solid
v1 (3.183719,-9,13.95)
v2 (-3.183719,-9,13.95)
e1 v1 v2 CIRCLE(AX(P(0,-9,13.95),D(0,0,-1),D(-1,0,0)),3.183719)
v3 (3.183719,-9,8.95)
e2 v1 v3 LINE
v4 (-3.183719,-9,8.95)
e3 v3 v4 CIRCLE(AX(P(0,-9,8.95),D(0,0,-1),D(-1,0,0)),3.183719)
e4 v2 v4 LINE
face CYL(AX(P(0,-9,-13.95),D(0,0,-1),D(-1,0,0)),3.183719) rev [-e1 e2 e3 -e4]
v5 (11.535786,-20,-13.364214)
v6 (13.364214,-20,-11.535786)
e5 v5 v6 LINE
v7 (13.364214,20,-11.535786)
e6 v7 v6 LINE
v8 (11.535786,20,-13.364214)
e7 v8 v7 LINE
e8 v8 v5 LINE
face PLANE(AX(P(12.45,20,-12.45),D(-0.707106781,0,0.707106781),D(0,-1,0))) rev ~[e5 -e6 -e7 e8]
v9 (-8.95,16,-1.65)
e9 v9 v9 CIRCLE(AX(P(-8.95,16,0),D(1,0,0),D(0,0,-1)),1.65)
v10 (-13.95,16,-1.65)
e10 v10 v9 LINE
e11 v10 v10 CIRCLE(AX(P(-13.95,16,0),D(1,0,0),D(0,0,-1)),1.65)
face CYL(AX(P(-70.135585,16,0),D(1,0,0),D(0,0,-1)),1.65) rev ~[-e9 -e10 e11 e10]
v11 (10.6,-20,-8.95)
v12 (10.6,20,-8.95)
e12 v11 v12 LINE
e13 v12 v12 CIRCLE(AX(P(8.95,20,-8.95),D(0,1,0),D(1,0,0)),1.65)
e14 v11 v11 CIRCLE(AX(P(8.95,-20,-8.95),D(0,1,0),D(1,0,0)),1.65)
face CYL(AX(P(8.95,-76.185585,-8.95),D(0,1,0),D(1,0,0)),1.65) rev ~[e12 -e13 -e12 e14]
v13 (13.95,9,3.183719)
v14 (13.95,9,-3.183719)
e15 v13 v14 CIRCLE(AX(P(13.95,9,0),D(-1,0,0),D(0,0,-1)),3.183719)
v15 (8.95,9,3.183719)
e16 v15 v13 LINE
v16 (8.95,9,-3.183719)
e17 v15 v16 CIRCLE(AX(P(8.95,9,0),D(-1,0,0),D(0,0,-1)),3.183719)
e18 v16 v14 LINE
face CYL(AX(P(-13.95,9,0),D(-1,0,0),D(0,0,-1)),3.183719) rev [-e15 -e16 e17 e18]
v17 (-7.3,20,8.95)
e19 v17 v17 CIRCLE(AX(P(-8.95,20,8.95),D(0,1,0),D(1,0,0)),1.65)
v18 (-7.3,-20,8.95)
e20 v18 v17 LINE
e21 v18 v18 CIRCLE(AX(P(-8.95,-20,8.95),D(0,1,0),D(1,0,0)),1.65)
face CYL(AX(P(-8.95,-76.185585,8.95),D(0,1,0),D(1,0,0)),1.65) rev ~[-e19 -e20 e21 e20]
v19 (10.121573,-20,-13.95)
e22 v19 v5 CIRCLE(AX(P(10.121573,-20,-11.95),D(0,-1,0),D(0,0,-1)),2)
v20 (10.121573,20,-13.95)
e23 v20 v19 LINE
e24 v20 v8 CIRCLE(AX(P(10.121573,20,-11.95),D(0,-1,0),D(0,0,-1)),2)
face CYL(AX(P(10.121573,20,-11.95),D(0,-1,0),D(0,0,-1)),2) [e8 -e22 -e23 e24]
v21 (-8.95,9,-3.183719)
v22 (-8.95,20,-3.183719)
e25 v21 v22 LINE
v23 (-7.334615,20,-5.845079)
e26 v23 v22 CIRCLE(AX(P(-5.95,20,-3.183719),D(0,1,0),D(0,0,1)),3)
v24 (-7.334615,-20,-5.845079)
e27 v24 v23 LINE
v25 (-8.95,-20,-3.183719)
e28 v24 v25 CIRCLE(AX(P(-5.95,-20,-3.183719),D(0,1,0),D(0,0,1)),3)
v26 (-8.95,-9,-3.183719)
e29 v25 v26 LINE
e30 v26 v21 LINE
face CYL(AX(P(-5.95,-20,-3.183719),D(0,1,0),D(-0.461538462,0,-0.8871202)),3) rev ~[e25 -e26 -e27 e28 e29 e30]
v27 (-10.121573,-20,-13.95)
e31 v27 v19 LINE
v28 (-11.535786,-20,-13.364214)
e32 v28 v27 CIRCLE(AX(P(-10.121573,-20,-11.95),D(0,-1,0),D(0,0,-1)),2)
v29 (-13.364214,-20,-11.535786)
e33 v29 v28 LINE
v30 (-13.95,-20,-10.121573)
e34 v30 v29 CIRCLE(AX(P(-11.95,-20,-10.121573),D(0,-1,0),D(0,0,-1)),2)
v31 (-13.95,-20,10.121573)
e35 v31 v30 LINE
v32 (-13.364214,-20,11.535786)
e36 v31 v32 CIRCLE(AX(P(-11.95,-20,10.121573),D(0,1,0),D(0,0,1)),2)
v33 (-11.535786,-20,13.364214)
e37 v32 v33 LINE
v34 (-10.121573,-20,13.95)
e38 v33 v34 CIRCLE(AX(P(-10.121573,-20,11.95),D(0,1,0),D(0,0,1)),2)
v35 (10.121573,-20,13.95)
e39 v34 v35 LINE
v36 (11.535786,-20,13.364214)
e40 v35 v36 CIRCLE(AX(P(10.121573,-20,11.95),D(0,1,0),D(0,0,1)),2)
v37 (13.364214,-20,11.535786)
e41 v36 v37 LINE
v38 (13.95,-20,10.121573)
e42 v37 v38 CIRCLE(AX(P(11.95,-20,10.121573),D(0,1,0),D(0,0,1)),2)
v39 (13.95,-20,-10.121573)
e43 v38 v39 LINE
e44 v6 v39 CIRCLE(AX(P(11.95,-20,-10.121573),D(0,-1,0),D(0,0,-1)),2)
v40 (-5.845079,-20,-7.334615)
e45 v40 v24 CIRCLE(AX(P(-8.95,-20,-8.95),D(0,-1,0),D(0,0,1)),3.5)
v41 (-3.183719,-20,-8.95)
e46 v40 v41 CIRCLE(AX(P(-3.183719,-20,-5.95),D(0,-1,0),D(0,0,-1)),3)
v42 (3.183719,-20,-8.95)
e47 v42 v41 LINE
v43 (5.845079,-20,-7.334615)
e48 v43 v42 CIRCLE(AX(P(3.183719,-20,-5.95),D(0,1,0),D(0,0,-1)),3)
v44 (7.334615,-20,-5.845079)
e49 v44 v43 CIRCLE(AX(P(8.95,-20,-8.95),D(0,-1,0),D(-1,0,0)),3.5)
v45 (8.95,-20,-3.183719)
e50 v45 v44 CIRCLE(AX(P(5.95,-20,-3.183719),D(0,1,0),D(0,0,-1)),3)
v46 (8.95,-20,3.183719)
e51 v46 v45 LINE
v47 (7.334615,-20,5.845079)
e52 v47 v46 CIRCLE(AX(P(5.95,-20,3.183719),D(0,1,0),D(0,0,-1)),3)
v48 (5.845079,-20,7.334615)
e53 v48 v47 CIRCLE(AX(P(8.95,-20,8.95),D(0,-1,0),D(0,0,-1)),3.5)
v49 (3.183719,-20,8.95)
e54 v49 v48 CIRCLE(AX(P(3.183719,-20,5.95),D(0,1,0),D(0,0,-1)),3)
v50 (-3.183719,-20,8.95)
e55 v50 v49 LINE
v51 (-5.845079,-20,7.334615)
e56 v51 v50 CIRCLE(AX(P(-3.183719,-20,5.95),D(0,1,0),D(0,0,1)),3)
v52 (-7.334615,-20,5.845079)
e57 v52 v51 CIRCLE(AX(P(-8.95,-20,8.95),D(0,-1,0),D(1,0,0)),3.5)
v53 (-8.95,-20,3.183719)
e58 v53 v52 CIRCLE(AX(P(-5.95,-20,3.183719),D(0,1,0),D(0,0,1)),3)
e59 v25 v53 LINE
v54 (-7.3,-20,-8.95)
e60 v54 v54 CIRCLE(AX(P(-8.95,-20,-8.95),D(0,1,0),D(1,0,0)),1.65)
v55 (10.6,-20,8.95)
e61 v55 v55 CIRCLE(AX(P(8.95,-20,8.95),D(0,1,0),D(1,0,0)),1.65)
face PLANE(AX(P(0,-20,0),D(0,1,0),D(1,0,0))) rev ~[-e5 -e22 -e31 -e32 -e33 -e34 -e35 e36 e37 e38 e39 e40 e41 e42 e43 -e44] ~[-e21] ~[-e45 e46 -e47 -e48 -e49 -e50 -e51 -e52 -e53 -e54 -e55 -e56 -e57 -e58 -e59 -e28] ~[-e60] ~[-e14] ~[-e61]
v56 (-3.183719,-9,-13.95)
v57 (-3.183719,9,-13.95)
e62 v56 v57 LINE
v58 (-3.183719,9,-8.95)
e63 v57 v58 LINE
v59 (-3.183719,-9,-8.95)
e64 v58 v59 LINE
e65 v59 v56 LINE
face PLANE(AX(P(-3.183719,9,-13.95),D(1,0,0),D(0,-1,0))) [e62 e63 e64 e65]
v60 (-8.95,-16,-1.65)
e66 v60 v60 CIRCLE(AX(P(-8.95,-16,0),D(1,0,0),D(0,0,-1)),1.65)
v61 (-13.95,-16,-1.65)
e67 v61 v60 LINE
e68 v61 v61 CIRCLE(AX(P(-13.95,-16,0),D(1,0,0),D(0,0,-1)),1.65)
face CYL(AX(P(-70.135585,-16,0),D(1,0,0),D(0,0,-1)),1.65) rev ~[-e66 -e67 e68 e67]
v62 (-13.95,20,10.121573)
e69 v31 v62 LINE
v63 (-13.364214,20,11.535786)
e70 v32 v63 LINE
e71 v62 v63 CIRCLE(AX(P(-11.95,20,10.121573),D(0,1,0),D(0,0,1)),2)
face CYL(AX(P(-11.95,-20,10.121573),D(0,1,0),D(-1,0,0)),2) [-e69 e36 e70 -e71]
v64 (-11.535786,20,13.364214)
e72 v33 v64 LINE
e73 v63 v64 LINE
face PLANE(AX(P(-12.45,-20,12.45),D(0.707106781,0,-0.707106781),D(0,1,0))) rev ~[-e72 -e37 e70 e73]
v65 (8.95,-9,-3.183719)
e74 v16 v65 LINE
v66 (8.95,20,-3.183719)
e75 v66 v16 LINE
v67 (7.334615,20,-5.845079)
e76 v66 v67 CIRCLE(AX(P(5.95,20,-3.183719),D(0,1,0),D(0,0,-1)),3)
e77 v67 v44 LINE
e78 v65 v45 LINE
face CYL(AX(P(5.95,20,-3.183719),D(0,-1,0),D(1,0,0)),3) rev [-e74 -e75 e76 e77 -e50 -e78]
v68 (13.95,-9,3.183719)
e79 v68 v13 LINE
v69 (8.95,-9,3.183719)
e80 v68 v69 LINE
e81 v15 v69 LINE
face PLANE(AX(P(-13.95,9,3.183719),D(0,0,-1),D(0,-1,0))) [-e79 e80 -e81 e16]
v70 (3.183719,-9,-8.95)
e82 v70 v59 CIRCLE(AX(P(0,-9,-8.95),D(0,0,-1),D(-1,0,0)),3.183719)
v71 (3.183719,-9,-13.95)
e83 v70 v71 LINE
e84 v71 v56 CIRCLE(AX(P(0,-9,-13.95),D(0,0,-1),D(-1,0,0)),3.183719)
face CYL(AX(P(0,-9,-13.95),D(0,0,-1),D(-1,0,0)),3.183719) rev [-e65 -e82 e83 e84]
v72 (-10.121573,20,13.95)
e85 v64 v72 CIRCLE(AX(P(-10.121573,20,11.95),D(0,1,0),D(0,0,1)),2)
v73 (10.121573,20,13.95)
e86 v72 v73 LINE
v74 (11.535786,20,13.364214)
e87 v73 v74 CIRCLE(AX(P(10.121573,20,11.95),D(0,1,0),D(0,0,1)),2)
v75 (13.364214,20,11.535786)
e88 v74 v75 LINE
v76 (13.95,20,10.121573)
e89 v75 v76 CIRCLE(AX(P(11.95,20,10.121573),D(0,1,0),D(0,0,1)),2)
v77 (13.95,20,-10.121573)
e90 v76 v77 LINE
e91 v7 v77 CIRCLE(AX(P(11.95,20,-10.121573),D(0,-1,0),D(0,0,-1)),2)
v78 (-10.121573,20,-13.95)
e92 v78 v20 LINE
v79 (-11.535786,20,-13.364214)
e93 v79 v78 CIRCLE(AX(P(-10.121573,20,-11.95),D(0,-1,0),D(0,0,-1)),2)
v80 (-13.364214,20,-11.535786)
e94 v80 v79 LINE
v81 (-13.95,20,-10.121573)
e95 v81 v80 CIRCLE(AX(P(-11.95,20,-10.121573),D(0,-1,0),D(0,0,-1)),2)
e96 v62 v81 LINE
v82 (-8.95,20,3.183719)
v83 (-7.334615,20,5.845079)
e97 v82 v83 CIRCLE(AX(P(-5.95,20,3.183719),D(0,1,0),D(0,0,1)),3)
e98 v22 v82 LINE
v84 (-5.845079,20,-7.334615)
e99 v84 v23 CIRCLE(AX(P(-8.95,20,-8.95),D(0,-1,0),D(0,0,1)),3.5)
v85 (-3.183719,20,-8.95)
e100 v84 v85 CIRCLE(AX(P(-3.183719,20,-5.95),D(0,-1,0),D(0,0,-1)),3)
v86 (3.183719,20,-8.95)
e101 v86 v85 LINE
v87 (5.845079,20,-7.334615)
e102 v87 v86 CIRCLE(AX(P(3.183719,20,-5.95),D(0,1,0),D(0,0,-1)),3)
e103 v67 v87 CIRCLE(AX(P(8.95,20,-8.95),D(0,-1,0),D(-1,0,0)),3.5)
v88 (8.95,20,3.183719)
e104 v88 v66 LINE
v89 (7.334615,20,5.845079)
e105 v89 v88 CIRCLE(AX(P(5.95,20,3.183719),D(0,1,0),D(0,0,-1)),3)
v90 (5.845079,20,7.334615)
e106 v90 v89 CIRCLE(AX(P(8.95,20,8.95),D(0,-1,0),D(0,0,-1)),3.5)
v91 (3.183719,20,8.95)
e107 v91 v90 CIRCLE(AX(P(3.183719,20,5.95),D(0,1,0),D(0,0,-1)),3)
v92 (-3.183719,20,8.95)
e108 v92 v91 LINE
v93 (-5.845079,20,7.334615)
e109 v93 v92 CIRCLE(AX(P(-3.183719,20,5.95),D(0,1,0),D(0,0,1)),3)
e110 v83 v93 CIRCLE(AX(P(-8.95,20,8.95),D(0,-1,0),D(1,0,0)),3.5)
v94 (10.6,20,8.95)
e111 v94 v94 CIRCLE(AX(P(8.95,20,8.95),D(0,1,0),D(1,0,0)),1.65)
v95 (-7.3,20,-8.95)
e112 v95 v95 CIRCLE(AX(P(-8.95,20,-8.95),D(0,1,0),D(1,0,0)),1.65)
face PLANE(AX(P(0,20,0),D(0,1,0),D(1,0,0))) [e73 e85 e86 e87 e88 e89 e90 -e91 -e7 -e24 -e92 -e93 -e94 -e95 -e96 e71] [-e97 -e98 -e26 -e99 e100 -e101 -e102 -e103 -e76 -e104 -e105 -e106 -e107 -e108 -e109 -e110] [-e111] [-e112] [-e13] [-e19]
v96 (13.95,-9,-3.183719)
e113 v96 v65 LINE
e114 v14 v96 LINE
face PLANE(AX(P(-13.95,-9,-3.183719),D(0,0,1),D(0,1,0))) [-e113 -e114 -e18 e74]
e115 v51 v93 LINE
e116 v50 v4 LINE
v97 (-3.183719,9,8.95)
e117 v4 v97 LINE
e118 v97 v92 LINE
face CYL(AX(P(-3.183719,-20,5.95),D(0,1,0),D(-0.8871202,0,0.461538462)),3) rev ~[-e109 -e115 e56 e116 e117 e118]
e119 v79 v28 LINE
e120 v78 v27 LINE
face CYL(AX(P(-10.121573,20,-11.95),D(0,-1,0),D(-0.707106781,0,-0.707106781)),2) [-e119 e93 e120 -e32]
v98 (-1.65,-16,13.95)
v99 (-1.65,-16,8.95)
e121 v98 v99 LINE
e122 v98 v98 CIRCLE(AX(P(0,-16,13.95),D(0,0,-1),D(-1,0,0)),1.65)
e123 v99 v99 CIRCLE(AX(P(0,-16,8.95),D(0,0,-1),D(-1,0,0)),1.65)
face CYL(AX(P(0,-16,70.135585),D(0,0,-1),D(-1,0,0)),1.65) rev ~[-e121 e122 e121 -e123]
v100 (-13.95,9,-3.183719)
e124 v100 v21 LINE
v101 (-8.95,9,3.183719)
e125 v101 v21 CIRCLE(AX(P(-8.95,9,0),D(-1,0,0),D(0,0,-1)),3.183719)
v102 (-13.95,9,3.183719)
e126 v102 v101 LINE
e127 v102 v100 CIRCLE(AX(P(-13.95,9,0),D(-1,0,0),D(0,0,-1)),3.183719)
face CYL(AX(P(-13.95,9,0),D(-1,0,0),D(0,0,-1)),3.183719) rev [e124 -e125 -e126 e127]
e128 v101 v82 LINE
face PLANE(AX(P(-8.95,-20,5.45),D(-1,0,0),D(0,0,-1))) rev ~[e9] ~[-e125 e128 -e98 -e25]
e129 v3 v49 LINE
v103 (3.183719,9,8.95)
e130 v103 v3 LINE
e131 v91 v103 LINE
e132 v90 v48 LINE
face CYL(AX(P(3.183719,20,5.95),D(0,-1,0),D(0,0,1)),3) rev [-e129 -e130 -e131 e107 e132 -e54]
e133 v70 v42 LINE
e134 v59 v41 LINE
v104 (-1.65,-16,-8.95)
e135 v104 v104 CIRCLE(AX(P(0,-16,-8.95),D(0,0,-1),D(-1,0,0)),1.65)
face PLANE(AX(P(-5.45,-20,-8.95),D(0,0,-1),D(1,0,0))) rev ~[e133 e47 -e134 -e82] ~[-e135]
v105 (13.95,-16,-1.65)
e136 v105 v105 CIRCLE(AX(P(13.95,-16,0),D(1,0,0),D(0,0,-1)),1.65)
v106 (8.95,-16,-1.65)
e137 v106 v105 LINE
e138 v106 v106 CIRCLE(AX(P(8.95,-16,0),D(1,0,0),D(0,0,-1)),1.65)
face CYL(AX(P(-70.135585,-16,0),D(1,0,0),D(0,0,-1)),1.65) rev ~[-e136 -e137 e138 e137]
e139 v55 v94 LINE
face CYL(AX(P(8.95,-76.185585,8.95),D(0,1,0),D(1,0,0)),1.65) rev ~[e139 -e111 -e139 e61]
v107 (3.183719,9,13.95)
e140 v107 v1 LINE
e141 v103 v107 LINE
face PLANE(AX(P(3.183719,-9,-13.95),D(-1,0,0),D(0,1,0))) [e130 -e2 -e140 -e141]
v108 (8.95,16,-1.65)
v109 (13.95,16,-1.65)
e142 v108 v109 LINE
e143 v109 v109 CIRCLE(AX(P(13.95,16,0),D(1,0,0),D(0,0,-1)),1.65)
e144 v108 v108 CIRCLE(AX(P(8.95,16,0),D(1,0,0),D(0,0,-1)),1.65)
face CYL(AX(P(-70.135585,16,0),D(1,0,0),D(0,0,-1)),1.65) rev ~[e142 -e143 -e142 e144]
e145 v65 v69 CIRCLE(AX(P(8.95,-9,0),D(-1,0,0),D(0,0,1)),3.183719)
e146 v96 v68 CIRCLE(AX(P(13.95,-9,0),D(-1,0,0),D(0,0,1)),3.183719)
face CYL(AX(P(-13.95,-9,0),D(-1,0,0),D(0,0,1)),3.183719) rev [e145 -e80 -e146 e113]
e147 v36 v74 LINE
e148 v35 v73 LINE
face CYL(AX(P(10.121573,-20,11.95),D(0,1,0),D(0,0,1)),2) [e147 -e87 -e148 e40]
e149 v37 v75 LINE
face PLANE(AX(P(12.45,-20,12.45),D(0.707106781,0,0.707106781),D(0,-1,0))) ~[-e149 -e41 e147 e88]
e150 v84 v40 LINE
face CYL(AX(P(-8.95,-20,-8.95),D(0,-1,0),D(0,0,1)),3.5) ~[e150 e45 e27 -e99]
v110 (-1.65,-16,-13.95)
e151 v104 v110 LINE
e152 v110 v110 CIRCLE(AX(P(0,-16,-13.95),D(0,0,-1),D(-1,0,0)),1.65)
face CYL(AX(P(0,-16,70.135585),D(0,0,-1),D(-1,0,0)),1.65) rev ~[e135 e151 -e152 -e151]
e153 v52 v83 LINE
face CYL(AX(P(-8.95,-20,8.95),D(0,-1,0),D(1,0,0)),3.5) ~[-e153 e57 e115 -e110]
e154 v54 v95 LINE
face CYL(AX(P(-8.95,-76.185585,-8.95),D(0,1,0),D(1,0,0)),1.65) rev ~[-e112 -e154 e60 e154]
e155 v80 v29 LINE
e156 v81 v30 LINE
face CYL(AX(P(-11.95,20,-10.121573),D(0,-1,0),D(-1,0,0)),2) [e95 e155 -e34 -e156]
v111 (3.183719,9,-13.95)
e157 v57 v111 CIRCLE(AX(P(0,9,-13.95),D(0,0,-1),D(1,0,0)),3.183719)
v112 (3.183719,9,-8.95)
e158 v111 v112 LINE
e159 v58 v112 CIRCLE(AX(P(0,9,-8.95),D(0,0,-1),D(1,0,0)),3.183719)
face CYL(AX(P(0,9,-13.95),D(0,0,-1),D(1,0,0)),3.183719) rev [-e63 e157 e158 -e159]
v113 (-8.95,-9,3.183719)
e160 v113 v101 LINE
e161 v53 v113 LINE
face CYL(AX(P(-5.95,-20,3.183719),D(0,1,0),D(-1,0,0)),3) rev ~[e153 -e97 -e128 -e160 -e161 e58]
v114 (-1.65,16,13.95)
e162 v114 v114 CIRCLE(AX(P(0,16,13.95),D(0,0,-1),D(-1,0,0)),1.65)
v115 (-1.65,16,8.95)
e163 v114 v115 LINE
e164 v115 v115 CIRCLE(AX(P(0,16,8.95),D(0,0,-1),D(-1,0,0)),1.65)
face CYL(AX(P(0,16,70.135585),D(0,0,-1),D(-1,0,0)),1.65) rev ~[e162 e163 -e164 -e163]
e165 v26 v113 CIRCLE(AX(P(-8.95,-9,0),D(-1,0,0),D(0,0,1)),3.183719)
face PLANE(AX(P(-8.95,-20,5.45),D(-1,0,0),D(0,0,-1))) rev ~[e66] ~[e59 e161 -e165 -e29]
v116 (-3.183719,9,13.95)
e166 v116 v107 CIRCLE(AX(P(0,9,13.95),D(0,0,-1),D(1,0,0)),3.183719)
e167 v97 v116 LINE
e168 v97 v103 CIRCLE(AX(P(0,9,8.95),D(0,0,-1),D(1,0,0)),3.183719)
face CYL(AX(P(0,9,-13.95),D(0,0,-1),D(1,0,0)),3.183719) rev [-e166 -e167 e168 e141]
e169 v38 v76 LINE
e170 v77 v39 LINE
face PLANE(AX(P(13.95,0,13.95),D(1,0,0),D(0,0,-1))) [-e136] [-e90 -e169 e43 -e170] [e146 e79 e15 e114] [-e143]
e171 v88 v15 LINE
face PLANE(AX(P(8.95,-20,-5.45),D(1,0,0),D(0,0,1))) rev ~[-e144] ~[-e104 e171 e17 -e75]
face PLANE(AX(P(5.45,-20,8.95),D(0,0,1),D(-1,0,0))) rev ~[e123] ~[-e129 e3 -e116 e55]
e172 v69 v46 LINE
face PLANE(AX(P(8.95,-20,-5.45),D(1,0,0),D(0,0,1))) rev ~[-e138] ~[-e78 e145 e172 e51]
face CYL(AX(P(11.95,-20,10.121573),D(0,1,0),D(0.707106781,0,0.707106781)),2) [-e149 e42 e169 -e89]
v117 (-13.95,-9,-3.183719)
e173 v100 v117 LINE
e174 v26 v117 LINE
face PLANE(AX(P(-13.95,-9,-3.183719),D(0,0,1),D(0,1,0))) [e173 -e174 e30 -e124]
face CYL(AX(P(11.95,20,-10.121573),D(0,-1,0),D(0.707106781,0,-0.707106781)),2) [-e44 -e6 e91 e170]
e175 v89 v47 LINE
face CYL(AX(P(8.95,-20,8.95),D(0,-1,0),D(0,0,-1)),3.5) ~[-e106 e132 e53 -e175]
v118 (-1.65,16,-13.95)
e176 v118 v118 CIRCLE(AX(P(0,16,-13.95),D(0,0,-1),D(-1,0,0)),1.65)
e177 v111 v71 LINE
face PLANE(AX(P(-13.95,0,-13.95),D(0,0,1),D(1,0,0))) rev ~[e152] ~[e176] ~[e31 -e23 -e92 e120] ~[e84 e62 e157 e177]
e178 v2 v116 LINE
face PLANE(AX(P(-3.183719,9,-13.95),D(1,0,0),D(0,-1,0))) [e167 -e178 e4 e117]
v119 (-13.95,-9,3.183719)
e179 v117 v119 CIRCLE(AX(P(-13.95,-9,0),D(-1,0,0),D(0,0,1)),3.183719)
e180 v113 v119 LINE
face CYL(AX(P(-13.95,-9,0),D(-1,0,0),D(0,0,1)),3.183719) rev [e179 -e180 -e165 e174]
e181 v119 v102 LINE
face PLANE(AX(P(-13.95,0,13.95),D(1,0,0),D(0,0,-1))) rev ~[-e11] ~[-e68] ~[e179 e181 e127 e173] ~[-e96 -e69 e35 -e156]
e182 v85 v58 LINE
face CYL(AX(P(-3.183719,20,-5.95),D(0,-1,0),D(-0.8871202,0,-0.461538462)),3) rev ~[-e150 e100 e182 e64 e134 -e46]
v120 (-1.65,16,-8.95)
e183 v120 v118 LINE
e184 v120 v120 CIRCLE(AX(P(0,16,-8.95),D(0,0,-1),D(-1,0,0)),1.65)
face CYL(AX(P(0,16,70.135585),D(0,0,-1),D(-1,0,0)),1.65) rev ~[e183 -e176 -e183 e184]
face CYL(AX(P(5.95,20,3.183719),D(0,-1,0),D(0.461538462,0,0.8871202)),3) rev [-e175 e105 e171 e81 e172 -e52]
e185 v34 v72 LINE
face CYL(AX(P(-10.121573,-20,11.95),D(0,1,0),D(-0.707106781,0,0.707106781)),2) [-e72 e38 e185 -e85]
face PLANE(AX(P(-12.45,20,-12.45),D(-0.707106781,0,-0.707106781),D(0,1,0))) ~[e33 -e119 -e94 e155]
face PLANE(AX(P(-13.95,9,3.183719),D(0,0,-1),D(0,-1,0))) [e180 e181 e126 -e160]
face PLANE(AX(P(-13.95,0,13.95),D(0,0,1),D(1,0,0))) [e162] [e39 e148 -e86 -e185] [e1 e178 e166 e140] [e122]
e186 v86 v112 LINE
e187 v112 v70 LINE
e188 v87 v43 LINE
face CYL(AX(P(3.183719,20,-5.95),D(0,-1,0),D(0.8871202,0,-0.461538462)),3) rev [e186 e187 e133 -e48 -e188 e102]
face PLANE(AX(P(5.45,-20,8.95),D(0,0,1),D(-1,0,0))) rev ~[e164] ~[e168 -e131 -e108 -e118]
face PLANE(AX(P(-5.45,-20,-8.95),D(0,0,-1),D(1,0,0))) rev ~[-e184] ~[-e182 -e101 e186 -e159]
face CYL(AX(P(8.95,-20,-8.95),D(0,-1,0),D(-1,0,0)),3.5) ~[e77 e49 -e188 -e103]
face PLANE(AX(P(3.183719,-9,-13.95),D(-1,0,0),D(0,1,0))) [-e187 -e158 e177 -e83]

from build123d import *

# Parameters (mm, degrees)
SKETCH_1_W          = 27.9
SKETCH_1_H          = 27.9
EXTRUDE_1_DEPTH     = 20
HOLE_WIZARD_M4_2_D  = 3.3
CUT_EXTRUDE_1_DEPTH = 46
CHAMFER_1_SIZE      = 3
HOLE_WIZARD_M4_3_D  = 3.3
HOLE_WIZARD_M4_4_D  = 3.3
FILLET_1_R          = 2
FILLET_2_R          = 3
CUT_EXTRUDE_2_DEPTH = 46
CUT_EXTRUDE_3_DEPTH = 46


with BuildPart() as part:
    # 草图1 → 凸台-拉伸1 (new, symmetric)
    with BuildSketch(Plane(origin=(0, 0, 0), x_dir=(1, 0, 0), z_dir=(0, 1, 0))):
        Rectangle(SKETCH_1_W, SKETCH_1_H)
    extrude(amount=EXTRUDE_1_DEPTH, both=True)

    # M4 螺纹孔2 (through all)
    with Locations(Plane(origin=(0, -20, 0), x_dir=(-1, 0, 0), z_dir=(0, -1, 0))):
        with Locations((8.95, -8.95), (8.95, 8.95), (-8.95, 8.95), (-8.95, -8.95)):
            Hole(HOLE_WIZARD_M4_2_D / 2)

    # 草图8 → 切除-拉伸1 (cut, symmetric)
    with BuildSketch(Plane.XZ.offset(20)):
        with BuildLine():
            ThreePointArc((-8.95, -5.45), (-6.475126266, -6.475126266), (-5.45, -8.95))
            Line((-5.45, -8.95), (5.45, -8.95))
            ThreePointArc((5.45, -8.95), (6.475126266, -6.475126266), (8.95, -5.45))
            Line((8.95, -5.45), (8.95, 5.45))
            ThreePointArc((8.95, 5.45), (6.475126266, 6.475126266), (5.45, 8.95))
            Line((5.45, 8.95), (-5.45, 8.95))
            ThreePointArc((-5.45, 8.95), (-6.475126266, 6.475126266), (-8.95, 5.45))
            Line((-8.95, 5.45), (-8.95, -5.45))
        make_face()
    extrude(amount=CUT_EXTRUDE_1_DEPTH, both=True, mode=Mode.SUBTRACT)

    # 倒角1
    chamfer_1_edges = [part.edges().sort_by_distance(p)[0] for p in [
        (13.95, 0, 13.95),
        (-13.95, 0, 13.95),
        (-13.95, 0, -13.95),
        (13.95, 0, -13.95),
    ]]
    chamfer(chamfer_1_edges, length=CHAMFER_1_SIZE)

    # M4 螺纹孔3 (through all)
    with Locations(Plane.ZY.offset(13.95)):
        with Locations((0, 16), (0, -16)):
            Hole(HOLE_WIZARD_M4_3_D / 2)

    # M4 螺纹孔4 (through all)
    with Locations(Plane.XY.offset(13.95)):
        with Locations((0, 16), (0, -16)):
            Hole(HOLE_WIZARD_M4_4_D / 2)

    # 圆角1
    fillet_1_edges = [part.edges().sort_by_distance(p)[0] for p in [
        (-13.95, 0, 10.95),
        (-13.95, 0, -10.95),
        (13.95, 0, -10.95),
        (13.95, 0, 10.95),
        (-10.95, 0, 13.95),
        (10.95, 0, 13.95),
        (-10.95, 0, -13.95),
        (10.95, 0, -13.95),
    ]]
    fillet(fillet_1_edges, radius=FILLET_1_R)

    # 圆角2
    fillet_2_edges = [part.edges().sort_by_distance(p)[0] for p in [
        (-8.95, 0, 5.45),
        (-5.45, 0, 8.95),
        (5.45, 0, 8.95),
        (8.95, 0, 5.45),
        (8.95, 0, -5.45),
        (5.45, 0, -8.95),
        (-5.45, 0, -8.95),
        (-8.95, 0, -5.45),
    ]]
    fillet(fillet_2_edges, radius=FILLET_2_R)

    # 草图15 → 切除-拉伸2 (cut, symmetric)
    with BuildSketch(Plane.ZY.offset(13.95)):
        with BuildLine():
            Line((-3.183718703, -9), (-3.183718703, 9))
            ThreePointArc((-3.183718703, 9), (0, 12.183718703), (3.183718703, 9))
            Line((3.183718703, 9), (3.183718703, -9))
            ThreePointArc((3.183718703, -9), (0, -12.183718703), (-3.183718703, -9))
        make_face()
    extrude(amount=CUT_EXTRUDE_2_DEPTH, both=True, mode=Mode.SUBTRACT)

    # 草图16 → 切除-拉伸3 (cut, symmetric)
    with BuildSketch(Plane(origin=(0, 0, -13.95), x_dir=(-1, 0, 0), z_dir=(0, 0, -1))):
        with BuildLine():
            Line((-3.183718703, -9), (-3.183718703, 9))
            ThreePointArc((-3.183718703, 9), (0, 12.183718703), (3.183718703, 9))
            Line((3.183718703, 9), (3.183718703, -9))
            ThreePointArc((3.183718703, -9), (0, -12.183718703), (-3.183718703, -9))
        make_face()
    extrude(amount=CUT_EXTRUDE_3_DEPTH, both=True, mode=Mode.SUBTRACT)


solid = part.part
